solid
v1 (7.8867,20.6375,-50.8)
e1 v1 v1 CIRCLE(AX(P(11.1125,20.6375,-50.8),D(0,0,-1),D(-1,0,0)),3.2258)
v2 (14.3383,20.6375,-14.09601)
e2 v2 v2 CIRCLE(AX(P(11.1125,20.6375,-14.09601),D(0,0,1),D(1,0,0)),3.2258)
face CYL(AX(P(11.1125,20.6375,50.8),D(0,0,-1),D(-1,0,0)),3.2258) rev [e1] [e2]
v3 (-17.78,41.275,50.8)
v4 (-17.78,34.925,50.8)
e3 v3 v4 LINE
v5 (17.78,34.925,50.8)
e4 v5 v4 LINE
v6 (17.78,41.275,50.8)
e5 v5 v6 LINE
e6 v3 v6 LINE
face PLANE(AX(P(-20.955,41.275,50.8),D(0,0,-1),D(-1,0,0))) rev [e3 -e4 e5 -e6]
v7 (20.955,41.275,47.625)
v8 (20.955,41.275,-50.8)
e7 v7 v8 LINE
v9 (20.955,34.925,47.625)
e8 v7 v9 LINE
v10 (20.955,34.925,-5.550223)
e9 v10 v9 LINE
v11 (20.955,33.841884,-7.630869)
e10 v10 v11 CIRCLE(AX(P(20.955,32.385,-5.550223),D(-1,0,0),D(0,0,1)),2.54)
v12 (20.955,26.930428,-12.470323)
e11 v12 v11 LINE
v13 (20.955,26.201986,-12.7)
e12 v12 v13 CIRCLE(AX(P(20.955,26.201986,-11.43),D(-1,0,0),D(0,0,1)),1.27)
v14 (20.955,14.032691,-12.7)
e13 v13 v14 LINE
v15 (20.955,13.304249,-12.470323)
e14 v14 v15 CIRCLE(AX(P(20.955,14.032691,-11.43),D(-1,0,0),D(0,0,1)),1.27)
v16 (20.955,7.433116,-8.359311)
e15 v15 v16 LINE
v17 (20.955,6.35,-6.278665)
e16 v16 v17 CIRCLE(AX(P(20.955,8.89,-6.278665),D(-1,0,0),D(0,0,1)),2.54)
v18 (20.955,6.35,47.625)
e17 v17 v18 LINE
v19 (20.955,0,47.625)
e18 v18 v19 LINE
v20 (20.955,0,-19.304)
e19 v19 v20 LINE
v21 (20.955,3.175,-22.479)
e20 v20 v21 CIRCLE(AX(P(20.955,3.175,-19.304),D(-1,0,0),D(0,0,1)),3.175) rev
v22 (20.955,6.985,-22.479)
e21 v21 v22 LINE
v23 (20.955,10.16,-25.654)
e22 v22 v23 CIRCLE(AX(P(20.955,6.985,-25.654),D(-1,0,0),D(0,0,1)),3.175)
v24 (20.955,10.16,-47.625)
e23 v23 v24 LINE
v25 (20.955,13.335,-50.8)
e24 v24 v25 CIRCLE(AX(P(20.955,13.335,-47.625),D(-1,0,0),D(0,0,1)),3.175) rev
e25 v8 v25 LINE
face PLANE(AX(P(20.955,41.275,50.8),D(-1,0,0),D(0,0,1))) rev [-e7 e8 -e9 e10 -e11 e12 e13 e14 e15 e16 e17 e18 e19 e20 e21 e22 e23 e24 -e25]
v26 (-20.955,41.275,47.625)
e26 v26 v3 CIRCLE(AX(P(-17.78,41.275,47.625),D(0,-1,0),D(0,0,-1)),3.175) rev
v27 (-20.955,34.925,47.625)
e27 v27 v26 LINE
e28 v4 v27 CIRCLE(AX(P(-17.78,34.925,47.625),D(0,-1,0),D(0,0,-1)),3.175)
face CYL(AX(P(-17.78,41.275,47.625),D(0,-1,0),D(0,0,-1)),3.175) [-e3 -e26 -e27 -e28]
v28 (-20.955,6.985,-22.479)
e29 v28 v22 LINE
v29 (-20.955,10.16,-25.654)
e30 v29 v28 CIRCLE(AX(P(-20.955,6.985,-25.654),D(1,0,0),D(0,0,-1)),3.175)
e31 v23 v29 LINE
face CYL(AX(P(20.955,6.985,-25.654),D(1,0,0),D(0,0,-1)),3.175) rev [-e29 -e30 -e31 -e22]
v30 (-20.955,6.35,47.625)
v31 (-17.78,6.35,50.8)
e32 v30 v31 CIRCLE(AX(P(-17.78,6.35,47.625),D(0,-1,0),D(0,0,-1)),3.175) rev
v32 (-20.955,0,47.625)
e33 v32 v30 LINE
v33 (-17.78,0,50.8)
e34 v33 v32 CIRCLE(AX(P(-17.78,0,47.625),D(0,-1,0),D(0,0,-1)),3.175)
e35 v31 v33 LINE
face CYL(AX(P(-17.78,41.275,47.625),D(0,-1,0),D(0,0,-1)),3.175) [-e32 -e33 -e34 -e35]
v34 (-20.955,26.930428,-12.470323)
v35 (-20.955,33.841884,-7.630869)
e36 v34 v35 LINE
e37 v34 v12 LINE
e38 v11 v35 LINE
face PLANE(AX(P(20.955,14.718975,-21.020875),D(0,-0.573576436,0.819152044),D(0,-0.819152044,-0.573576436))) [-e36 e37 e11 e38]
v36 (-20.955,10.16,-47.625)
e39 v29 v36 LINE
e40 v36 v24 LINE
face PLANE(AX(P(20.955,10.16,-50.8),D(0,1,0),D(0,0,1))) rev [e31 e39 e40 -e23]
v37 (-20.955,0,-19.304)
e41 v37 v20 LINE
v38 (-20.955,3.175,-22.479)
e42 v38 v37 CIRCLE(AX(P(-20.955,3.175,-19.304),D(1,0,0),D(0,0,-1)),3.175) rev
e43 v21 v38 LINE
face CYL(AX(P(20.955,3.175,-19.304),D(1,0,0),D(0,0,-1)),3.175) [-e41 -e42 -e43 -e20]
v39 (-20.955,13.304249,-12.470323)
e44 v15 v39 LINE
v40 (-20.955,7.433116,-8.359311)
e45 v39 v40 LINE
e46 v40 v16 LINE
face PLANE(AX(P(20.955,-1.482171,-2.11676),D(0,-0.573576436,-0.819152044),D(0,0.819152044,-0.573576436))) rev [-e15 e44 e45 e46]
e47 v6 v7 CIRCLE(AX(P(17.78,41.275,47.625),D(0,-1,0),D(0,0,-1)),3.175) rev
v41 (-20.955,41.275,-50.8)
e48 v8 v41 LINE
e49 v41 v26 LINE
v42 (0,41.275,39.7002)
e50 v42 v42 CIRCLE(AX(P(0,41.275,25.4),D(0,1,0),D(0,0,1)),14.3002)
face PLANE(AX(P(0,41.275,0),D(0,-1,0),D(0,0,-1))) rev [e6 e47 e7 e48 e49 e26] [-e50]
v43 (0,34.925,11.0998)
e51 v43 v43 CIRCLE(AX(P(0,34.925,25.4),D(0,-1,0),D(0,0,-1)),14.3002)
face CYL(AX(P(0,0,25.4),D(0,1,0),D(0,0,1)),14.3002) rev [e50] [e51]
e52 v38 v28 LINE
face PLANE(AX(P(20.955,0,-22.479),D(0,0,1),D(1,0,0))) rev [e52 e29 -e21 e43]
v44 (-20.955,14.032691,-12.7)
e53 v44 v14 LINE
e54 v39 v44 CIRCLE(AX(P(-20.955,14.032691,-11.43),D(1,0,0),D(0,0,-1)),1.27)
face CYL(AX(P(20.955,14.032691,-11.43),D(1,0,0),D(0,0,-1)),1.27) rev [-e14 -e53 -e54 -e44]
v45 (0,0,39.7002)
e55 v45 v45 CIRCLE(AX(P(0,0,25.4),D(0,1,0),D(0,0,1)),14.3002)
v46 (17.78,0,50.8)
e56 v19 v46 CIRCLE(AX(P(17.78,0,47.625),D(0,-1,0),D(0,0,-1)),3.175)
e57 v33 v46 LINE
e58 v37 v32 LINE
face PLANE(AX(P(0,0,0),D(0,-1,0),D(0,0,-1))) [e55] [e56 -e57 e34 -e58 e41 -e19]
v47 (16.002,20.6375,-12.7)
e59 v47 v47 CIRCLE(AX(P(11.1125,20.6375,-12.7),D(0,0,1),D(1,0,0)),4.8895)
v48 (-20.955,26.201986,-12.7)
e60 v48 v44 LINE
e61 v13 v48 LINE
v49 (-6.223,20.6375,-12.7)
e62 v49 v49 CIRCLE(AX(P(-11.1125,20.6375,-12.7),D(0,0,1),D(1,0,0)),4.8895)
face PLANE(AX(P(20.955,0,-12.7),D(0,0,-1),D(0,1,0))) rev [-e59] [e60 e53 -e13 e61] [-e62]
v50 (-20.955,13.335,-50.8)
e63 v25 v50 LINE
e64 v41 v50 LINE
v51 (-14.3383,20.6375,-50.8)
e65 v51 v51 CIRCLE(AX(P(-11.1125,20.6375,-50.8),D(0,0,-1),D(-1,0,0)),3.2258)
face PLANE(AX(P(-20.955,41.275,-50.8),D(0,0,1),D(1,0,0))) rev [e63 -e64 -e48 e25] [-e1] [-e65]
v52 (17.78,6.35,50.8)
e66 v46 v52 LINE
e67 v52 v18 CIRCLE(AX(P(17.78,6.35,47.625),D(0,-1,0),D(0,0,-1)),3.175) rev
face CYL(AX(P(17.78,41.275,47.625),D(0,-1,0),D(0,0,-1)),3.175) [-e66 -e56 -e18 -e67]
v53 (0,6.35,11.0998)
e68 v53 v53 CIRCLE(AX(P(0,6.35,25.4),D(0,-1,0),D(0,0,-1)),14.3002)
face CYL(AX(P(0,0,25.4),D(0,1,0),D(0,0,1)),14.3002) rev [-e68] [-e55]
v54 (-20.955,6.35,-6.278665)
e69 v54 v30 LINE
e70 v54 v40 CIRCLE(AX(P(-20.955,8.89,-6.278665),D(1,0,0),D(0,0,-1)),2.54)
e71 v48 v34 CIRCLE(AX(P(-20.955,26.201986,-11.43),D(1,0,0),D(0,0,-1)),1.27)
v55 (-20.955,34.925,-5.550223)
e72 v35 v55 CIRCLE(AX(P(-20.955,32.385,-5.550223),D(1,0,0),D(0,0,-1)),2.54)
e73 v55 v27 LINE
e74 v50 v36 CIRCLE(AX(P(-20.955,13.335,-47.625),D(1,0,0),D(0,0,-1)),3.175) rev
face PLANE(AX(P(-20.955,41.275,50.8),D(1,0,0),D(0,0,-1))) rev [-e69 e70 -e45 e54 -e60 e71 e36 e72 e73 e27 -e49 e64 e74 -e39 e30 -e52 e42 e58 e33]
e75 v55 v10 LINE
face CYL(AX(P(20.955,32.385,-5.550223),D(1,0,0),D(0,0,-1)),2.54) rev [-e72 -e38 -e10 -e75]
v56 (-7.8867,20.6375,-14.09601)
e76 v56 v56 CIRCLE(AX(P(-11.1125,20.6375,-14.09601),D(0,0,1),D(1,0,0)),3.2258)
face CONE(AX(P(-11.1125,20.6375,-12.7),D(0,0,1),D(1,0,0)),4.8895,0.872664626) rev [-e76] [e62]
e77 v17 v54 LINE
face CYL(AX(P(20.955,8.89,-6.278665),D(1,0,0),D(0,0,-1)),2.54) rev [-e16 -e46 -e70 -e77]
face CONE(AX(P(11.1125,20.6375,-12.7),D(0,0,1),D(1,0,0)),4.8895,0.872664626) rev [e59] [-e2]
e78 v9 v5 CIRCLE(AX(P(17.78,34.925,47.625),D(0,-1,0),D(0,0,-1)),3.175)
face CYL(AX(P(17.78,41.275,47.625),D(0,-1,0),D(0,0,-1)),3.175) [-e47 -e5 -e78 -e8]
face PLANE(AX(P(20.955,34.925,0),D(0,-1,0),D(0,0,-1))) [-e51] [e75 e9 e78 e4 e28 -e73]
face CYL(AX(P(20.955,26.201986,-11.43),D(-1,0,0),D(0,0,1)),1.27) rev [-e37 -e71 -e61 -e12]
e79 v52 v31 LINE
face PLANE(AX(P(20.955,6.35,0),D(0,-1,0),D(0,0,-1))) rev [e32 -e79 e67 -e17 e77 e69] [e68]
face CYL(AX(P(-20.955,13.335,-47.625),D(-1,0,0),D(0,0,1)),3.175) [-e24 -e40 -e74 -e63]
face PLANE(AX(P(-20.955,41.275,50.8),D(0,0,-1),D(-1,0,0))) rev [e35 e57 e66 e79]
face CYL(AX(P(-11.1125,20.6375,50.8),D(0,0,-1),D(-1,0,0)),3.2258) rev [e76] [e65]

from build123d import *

# Parameters (mm, degrees)
SKETCH1_W                                          = 41.91
SKETCH1_H                                          = 101.6
BOSS_EXTRUDE1_DEPTH                                = 41.275
CUT_EXTRUDE6_DEPTH                                 = 78.72202857
SKETCH3_R                                          = 14.3002
CUT_EXTRUDE2_DEPTH                                 = 69.726833551
SKETCH17_W                                         = 28.321
SKETCH17_H                                         = 10.16
CUT_EXTRUDE7_DEPTH                                 = 78.72202857
SKETCH4_R                                          = 3.2258
CUT_EXTRUDE3_DEPTH                                 = 112.648097386
FILLET2_R                                          = 3.175
CSK_FOR_10_FLAT_HEAD_MACHINE_SCREW_100_D           = 5.6134
CSK_FOR_10_FLAT_HEAD_MACHINE_SCREW_100_DEPTH       = 38.1
CSK_FOR_10_FLAT_HEAD_MACHINE_SCREW_100_CSINK_D     = 9.779
CSK_FOR_10_FLAT_HEAD_MACHINE_SCREW_100_CSINK_ANGLE = 100
CSK_FOR_10_FLAT_HEAD_MACHINE_SCREW_100_TIP         = 1.686435499
FILLET3_R                                          = 2.54
FILLET4_R                                          = 1.27


with BuildPart() as part:
    # Sketch1 → Boss-Extrude1 (new body)
    with BuildSketch(Plane(origin=(0, 0, 0), x_dir=(1, 0, 0), z_dir=(0, 1, 0))):
        Rectangle(SKETCH1_W, SKETCH1_H)
    extrude(amount=BOSS_EXTRUDE1_DEPTH)

    # Sketch13 → Cut-Extrude6 (cut, through all)
    with BuildSketch(Plane.ZY.offset(20.955)):
        Polygon((-6.872463407, 34.925), (-12.7, 26.60241523), (-12.7, 13.632261674), (-7.600905481, 6.35), (50.8, 6.35), (50.8, 34.925), align=None)
    extrude(amount=-CUT_EXTRUDE6_DEPTH, mode=Mode.SUBTRACT)

    # Sketch3 → Cut-Extrude2 (cut, through all)
    # profile 1 of 2: a face of its own
    with BuildSketch(Plane(origin=(0, 41.275, 0), x_dir=(1, 0, 0), z_dir=(0, 1, 0))):
        with Locations(Location((0, -25.4, 0), (0, 0, 270))):
            Circle(SKETCH3_R)
        Polygon((5.499261314, -25.4), (2.749630657, -20.6375), (-2.749630657, -20.6375), (-5.499261314, -25.4), (-2.749630657, -30.1625), (2.749630657, -30.1625), align=None, mode=Mode.SUBTRACT)
    # profile 2 of 2: a face of its own
    with BuildSketch(Plane(origin=(0, 41.275, 0), x_dir=(1, 0, 0), z_dir=(0, 1, 0))):
        Polygon((2.749630657, -30.1625), (5.499261314, -25.4), (2.749630657, -20.6375), (-2.749630657, -20.6375), (-5.499261314, -25.4), (-2.749630657, -30.1625), align=None)
    extrude(amount=-CUT_EXTRUDE2_DEPTH, mode=Mode.SUBTRACT)

    # Sketch17 → Cut-Extrude7 (cut, through all)
    with BuildSketch(Plane.ZY.offset(20.955)):
        with Locations((-36.6395, 5.08)):
            Rectangle(SKETCH17_W, SKETCH17_H)
    extrude(amount=-CUT_EXTRUDE7_DEPTH, mode=Mode.SUBTRACT)

    # Sketch4 → Cut-Extrude3 (cut, through all)
    with BuildSketch(Plane(origin=(0, 0, -50.8), x_dir=(-1, 0, 0), z_dir=(0, 0, -1))):
        with Locations((11.1125, 20.6375)):
            Circle(SKETCH4_R)
        with Locations((-11.1125, 20.6375)):
            Circle(SKETCH4_R)
    extrude(amount=-CUT_EXTRUDE3_DEPTH, mode=Mode.SUBTRACT)

    # Fillet2
    fillet2_edges = [part.edges().sort_by_distance(p)[0] for p in [
        (20.955, 3.175, 50.8),
        (-20.955, 3.175, 50.8),
        (0, 10.16, -50.8),
        (0, 10.16, -22.479),
        (0, 0, -22.479),
        (20.955, 38.1, 50.8),
        (-20.955, 38.1, 50.8),
    ]]
    fillet(fillet2_edges, radius=FILLET2_R)

    # CSK for #10 Flat Head Machine Screw (100)4
    with Locations(Plane.XY.offset(-12.7)):
        with Locations((-11.1125, 20.6375), (11.1125, 20.6375)):
            CounterSinkHole(CSK_FOR_10_FLAT_HEAD_MACHINE_SCREW_100_D / 2, CSK_FOR_10_FLAT_HEAD_MACHINE_SCREW_100_CSINK_D / 2, depth=CSK_FOR_10_FLAT_HEAD_MACHINE_SCREW_100_DEPTH, counter_sink_angle=CSK_FOR_10_FLAT_HEAD_MACHINE_SCREW_100_CSINK_ANGLE)
            with Locations((0, 0, -(CSK_FOR_10_FLAT_HEAD_MACHINE_SCREW_100_DEPTH + CSK_FOR_10_FLAT_HEAD_MACHINE_SCREW_100_TIP / 2))):  # 118° drill point
                Cone(0, CSK_FOR_10_FLAT_HEAD_MACHINE_SCREW_100_D / 2, CSK_FOR_10_FLAT_HEAD_MACHINE_SCREW_100_TIP, mode=Mode.SUBTRACT)

    # Fillet3
    fillet3_edges = [part.edges().sort_by_distance(p)[0] for p in [
        (0, 34.925, -6.872463407),
        (0, 6.35, -7.600905481),
    ]]
    fillet(fillet3_edges, radius=FILLET3_R)

    # Fillet4
    fillet4_edges = [part.edges().sort_by_distance(p)[0] for p in [
        (0, 13.632261674, -12.7),
        (0, 26.60241523, -12.7),
    ]]
    fillet(fillet4_edges, radius=FILLET4_R)


solid = part.part
